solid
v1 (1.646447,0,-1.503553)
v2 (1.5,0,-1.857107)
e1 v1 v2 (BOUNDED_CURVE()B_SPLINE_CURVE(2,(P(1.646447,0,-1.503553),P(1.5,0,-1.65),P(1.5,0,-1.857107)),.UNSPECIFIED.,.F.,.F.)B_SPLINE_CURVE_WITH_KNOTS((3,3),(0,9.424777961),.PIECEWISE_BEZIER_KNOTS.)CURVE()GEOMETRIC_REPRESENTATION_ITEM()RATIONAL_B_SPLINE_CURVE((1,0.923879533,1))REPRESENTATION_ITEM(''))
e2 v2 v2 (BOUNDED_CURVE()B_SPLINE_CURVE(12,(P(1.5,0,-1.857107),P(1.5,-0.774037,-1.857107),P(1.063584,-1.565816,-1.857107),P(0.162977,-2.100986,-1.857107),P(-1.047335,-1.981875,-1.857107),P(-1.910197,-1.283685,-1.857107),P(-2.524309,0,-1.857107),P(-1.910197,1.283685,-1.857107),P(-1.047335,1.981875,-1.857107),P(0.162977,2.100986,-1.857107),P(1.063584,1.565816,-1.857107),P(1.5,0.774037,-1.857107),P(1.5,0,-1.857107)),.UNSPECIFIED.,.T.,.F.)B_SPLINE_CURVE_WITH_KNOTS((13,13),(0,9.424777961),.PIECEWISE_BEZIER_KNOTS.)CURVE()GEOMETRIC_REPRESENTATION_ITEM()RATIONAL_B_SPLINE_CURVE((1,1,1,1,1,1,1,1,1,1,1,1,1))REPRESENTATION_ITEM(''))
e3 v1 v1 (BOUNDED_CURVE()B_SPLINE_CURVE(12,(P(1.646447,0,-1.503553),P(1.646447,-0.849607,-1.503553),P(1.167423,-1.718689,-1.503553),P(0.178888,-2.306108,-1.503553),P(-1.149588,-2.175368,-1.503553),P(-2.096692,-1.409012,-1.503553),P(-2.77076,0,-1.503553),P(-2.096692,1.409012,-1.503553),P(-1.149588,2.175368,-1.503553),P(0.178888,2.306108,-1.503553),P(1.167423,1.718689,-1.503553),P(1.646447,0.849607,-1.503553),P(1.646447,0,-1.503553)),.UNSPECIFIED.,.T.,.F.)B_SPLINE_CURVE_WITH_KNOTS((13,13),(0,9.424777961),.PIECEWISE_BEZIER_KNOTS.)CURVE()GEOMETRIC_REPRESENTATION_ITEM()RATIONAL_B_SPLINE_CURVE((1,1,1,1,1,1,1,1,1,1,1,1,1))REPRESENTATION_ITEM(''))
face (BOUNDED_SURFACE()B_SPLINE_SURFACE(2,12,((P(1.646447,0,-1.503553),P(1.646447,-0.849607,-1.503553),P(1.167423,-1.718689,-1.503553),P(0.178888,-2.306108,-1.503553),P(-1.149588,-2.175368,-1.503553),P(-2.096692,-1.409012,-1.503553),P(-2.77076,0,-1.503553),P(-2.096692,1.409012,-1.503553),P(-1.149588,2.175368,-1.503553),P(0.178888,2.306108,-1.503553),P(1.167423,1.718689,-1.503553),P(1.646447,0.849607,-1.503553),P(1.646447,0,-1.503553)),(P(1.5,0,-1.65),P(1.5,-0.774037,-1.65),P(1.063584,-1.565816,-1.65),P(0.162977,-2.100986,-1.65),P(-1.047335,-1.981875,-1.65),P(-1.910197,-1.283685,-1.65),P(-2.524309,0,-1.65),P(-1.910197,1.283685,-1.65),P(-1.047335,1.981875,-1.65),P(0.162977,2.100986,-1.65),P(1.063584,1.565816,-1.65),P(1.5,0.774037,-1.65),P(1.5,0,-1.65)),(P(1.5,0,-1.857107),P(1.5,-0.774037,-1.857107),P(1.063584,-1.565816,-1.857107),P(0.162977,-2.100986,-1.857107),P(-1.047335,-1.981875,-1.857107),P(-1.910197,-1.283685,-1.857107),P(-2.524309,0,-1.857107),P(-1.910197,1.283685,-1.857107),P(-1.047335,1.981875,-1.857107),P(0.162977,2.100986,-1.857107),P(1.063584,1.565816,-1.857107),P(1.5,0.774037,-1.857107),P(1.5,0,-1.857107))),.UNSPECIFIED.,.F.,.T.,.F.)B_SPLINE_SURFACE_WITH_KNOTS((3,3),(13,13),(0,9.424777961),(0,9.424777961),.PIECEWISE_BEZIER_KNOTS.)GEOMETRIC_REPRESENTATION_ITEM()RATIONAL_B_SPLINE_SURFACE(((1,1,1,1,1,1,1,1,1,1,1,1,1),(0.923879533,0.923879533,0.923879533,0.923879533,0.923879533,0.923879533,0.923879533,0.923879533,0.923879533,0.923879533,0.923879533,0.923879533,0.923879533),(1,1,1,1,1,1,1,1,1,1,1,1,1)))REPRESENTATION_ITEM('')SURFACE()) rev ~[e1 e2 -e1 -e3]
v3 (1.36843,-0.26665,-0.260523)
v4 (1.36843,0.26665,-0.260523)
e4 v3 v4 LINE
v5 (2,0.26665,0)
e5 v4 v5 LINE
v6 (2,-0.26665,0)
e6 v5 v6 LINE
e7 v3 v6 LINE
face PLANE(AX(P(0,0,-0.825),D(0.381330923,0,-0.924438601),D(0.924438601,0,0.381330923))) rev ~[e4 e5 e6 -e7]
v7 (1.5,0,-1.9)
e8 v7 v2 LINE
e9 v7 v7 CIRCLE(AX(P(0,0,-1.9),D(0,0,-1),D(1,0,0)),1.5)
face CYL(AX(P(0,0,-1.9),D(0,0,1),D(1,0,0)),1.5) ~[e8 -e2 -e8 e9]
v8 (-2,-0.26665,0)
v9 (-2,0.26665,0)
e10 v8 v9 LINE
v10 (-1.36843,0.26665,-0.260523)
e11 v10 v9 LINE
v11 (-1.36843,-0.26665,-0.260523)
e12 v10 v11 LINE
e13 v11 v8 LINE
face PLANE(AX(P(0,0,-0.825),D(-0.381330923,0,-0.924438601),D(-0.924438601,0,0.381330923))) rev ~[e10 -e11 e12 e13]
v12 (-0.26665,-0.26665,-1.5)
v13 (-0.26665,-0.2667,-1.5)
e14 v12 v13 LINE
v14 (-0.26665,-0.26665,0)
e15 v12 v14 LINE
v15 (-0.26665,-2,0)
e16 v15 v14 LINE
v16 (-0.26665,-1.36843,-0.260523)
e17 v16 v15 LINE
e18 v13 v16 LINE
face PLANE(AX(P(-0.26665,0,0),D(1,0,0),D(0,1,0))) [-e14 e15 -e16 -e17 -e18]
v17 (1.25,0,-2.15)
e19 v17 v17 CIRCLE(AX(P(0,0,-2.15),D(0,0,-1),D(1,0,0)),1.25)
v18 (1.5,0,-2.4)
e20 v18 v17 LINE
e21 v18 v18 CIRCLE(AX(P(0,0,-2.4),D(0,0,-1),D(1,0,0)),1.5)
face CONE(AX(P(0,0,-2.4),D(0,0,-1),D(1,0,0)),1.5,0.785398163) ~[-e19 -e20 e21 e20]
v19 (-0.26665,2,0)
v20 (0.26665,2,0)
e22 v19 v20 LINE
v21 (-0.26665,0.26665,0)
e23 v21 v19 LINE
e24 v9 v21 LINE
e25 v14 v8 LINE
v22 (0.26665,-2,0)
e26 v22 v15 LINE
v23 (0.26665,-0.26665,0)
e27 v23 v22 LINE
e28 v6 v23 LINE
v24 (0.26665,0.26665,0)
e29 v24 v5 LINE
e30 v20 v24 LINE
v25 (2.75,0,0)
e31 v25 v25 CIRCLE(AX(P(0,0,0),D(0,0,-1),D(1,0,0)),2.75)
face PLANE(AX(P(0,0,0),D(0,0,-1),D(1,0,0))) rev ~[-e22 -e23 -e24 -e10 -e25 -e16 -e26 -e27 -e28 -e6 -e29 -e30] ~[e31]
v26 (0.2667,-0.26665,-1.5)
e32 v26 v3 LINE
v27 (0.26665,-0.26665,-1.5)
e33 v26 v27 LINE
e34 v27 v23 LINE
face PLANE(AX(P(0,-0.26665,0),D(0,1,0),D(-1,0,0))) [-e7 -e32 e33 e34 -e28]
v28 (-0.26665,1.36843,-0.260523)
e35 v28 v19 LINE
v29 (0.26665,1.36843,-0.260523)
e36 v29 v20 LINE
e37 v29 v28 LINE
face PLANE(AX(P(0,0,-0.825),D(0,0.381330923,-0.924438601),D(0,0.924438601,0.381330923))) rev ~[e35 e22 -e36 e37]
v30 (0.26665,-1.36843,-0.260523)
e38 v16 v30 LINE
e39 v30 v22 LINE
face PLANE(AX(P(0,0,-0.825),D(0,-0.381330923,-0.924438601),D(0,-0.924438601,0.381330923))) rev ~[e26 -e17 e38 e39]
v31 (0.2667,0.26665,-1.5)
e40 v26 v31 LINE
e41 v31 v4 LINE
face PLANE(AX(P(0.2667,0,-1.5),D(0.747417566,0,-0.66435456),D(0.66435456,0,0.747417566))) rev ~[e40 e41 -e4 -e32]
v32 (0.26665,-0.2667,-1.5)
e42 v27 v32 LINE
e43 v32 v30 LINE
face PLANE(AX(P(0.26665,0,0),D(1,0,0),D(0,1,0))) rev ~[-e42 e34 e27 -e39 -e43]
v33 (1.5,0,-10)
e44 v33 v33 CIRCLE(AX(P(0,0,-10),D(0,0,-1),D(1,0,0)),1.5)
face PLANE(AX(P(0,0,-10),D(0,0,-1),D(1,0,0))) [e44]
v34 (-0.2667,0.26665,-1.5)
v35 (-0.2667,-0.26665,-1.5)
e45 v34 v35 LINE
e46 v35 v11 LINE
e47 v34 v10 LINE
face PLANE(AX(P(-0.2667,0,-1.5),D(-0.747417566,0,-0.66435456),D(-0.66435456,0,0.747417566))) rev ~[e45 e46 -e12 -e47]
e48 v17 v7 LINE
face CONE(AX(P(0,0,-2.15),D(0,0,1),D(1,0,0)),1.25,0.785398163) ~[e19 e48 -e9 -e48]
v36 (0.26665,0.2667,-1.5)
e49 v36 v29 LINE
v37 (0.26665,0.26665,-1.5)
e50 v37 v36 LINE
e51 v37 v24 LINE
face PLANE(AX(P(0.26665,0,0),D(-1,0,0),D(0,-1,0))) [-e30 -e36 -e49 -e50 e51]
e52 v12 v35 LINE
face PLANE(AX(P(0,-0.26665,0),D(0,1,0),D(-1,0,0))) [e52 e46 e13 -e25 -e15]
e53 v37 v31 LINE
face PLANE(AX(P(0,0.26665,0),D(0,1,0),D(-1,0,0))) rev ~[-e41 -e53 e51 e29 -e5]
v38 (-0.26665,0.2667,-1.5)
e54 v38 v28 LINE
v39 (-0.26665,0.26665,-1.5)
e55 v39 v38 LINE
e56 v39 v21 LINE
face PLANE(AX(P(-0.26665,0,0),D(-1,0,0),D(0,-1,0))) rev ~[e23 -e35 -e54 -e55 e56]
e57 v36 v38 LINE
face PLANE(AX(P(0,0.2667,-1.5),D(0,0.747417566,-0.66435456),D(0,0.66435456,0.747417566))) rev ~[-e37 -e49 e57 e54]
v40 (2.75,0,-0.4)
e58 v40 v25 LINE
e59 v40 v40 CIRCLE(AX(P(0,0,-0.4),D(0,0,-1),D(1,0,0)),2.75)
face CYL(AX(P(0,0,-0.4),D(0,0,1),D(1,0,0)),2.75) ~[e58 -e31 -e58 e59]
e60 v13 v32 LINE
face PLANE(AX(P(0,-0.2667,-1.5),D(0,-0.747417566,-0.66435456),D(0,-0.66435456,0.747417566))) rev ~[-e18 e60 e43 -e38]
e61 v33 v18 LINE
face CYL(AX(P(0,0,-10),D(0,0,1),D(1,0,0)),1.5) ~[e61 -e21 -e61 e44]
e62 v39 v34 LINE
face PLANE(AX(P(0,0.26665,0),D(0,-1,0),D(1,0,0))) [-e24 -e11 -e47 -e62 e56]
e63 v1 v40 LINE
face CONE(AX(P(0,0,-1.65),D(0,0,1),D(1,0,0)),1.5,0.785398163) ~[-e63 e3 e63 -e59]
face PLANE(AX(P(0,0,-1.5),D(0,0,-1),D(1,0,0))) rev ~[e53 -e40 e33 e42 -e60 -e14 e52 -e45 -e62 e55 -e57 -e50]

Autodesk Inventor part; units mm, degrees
ref_plane "YZ Plane" through (0, 0, 0) normal (1, 0, 0) x (0, 1, 0)
sketch "Esquisse1" plane through (0, 0, 0) normal (0, 1, 0) x (-1, 0, 0)
  point P0 (0, 0)
sketch "Esquisse2" plane through (0, 0, 0) normal (0, 0, 1) x (1, 0, 0)
  point P0 (0, 0)
sketch "Esquisse3" plane through (0, 0, 0) normal (0, 0, 1) x (1, 0, 0)
  point P0 (0, 0)
sketch "Esquisse4" plane through (0, 0, 0) normal (0, 1, 0) x (-1, 0, 0)
  line L0 (-2.75, 0) -> (0, 0)
  line L1 (-2.75, -0.4) -> (-2.75, 0)
  line L2 (-1.5, -1.65) -> (-2.75, -0.4)
  line L3 (-1.5, -1.9) -> (-1.5, -1.65)
  line L4 (-1.25, -2.15) -> (-1.5, -1.9)
  line L5 (-1.5, -2.4) -> (-1.25, -2.15)
  line L6 (-1.5, -10) -> (-1.5, -2.4)
  line L7 (0, 0) -> (0, -10)
  line L8 (0, 3.3392) -> (0, -10.7) construction
  line L9 (0, 3.3392) -> (0, -10.7)
  line L10 (0, -13.5078) -> (0, 6.1471) projected
  line L11 (-1.5, -10) -> (0, -10)
  line L12 (0.55, 0) -> (-3.3, 0) projected
  dimension "d3" = 2.75
  dimension "d5" = 0.25
  dimension "d7" = 0.25
  dimension "d9" = 0.25
  dimension "d11" = 1.65
  dimension "d13" = 135
  dimension "d17" = 1.25
  dimension "d19" = 0
  dimension "d51" = 1.5
  dimension "d52" = 10
revolve "Révolution1" add sketch "Esquisse4" angle 360 about axis through (0, 0, 3.3392) along (0, 0, -1)
sketch "Esquisse5" plane through (0, 0, 0) normal (0, 1, 0) x (-1, 0, 0)
  line L0 (-1.6, 0) -> (0, 0)
  line L1 (-0.2667, -1.5) -> (-1.6, 0)
  line L2 (0, -1.5) -> (-0.2667, -1.5)
  line L3 (0, 0) -> (0, -1.5)
  line L4 (-1.5, -1.65) -> (1.5, -1.65) construction
  line L5 (-2.75, 0) -> (2.75, 0) projected
  line L6 (0, -1.98) -> (0, 0.33) projected
  dimension "d22" = 1.6
  dimension "d24" = 0.2667
  dimension "d26" = 1.5
extrude "Extrusion1" cut sketch "Esquisse5" along normal mid plane 0.5333
pattern_circular "RéseauPolaire1" count 4 over 360 about axis through (0, 0, 0) along (0, 0, 1) of "Extrusion1"
sketch "Esquisse7" plane through (0, 0, 0) normal (0, 1, 0) x (-1, 0, 0)
  line L0 (0, -0.825) -> (-2, 0)
  line L1 (0, 0) -> (0, -0.825)
  line L2 (-2, 0) -> (0, 0)
  line L3 (-1.5, -1.65) -> (1.5, -1.65) construction
  line L4 (0, -1.98) -> (0, 0.33) projected
  line L5 (-2.75, 0) -> (2.75, 0) projected
  dimension "d33" = 2
  dimension "d35" = 0.825
extrude "Extrusion2" cut sketch "Esquisse7" along normal mid plane 0.5333
pattern_circular "RéseauPolaire2" count 4 over 360 about axis through (0, 0, 0) along (0, 0, 1) of "Extrusion2"
fillet "Congé1" radius 0.5 1 edges at (-1.5, 0, -1.65)
thread "Filetage1" size "M3x0.5" class "6g" standard "ISO Metric profile" full length
ref_plane "MSC_PF1" through (0, 0, 0) normal (1, 0, 0) x (0, 1, 0)
ref_plane "MSC_PT1" through (0, 0, 0) normal (0, 0, -1) x (-1, 0, 0)
equation "\"d3\" = 0.5 * Dh"
equation "\"d5\" = msp_x"
equation "\"d7\" = ParA"
equation "\"d9\" = msp_x"
equation "\"d11\" = ParK"
equation "\"d17\" = 0.5 * msp_mdtds"
equation "\"d51\" = 0.5 * NND"
equation "\"d52\" = NLG"
equation "\"d22\" = 0.5 * M"
equation "\"d24\" = 0.0833333 * M"
equation "\"d26\" = 0.909091 * ParK"
equation "\"d27\" = 0.166667 * M"
equation "\"d33\" = 0.625 * M"
equation "\"d35\" = 0.5 * ParK"
equation "\"d36\" = 0.166667 * M"
equation "\"d41\" = 2 * msp_x"
equation "\"PTC\" = 0.5"
equation "\"NLG\" = 10"
equation "\"ParK\" = 1.65"
equation "\"NND\" = 3"
equation "\"M\" = 3.2"
equation "\"msp_mdtds\" = NND - PTC"
equation "\"Dh\" = 5.5"
equation "\"msp_x\" = 0.5 * PTC"
equation "\"ParA\" = 0.5 * PTC"
equation "\"r\" = 0.8"
equation "\"THREADDIA\" = NND"
equation "\"TEMPLATE\" = 1.2345"
properties part number "NF EN ISO 7046-2 H - M3x10 - 8.8 - H1" material "Acier inoxydable 440C"
